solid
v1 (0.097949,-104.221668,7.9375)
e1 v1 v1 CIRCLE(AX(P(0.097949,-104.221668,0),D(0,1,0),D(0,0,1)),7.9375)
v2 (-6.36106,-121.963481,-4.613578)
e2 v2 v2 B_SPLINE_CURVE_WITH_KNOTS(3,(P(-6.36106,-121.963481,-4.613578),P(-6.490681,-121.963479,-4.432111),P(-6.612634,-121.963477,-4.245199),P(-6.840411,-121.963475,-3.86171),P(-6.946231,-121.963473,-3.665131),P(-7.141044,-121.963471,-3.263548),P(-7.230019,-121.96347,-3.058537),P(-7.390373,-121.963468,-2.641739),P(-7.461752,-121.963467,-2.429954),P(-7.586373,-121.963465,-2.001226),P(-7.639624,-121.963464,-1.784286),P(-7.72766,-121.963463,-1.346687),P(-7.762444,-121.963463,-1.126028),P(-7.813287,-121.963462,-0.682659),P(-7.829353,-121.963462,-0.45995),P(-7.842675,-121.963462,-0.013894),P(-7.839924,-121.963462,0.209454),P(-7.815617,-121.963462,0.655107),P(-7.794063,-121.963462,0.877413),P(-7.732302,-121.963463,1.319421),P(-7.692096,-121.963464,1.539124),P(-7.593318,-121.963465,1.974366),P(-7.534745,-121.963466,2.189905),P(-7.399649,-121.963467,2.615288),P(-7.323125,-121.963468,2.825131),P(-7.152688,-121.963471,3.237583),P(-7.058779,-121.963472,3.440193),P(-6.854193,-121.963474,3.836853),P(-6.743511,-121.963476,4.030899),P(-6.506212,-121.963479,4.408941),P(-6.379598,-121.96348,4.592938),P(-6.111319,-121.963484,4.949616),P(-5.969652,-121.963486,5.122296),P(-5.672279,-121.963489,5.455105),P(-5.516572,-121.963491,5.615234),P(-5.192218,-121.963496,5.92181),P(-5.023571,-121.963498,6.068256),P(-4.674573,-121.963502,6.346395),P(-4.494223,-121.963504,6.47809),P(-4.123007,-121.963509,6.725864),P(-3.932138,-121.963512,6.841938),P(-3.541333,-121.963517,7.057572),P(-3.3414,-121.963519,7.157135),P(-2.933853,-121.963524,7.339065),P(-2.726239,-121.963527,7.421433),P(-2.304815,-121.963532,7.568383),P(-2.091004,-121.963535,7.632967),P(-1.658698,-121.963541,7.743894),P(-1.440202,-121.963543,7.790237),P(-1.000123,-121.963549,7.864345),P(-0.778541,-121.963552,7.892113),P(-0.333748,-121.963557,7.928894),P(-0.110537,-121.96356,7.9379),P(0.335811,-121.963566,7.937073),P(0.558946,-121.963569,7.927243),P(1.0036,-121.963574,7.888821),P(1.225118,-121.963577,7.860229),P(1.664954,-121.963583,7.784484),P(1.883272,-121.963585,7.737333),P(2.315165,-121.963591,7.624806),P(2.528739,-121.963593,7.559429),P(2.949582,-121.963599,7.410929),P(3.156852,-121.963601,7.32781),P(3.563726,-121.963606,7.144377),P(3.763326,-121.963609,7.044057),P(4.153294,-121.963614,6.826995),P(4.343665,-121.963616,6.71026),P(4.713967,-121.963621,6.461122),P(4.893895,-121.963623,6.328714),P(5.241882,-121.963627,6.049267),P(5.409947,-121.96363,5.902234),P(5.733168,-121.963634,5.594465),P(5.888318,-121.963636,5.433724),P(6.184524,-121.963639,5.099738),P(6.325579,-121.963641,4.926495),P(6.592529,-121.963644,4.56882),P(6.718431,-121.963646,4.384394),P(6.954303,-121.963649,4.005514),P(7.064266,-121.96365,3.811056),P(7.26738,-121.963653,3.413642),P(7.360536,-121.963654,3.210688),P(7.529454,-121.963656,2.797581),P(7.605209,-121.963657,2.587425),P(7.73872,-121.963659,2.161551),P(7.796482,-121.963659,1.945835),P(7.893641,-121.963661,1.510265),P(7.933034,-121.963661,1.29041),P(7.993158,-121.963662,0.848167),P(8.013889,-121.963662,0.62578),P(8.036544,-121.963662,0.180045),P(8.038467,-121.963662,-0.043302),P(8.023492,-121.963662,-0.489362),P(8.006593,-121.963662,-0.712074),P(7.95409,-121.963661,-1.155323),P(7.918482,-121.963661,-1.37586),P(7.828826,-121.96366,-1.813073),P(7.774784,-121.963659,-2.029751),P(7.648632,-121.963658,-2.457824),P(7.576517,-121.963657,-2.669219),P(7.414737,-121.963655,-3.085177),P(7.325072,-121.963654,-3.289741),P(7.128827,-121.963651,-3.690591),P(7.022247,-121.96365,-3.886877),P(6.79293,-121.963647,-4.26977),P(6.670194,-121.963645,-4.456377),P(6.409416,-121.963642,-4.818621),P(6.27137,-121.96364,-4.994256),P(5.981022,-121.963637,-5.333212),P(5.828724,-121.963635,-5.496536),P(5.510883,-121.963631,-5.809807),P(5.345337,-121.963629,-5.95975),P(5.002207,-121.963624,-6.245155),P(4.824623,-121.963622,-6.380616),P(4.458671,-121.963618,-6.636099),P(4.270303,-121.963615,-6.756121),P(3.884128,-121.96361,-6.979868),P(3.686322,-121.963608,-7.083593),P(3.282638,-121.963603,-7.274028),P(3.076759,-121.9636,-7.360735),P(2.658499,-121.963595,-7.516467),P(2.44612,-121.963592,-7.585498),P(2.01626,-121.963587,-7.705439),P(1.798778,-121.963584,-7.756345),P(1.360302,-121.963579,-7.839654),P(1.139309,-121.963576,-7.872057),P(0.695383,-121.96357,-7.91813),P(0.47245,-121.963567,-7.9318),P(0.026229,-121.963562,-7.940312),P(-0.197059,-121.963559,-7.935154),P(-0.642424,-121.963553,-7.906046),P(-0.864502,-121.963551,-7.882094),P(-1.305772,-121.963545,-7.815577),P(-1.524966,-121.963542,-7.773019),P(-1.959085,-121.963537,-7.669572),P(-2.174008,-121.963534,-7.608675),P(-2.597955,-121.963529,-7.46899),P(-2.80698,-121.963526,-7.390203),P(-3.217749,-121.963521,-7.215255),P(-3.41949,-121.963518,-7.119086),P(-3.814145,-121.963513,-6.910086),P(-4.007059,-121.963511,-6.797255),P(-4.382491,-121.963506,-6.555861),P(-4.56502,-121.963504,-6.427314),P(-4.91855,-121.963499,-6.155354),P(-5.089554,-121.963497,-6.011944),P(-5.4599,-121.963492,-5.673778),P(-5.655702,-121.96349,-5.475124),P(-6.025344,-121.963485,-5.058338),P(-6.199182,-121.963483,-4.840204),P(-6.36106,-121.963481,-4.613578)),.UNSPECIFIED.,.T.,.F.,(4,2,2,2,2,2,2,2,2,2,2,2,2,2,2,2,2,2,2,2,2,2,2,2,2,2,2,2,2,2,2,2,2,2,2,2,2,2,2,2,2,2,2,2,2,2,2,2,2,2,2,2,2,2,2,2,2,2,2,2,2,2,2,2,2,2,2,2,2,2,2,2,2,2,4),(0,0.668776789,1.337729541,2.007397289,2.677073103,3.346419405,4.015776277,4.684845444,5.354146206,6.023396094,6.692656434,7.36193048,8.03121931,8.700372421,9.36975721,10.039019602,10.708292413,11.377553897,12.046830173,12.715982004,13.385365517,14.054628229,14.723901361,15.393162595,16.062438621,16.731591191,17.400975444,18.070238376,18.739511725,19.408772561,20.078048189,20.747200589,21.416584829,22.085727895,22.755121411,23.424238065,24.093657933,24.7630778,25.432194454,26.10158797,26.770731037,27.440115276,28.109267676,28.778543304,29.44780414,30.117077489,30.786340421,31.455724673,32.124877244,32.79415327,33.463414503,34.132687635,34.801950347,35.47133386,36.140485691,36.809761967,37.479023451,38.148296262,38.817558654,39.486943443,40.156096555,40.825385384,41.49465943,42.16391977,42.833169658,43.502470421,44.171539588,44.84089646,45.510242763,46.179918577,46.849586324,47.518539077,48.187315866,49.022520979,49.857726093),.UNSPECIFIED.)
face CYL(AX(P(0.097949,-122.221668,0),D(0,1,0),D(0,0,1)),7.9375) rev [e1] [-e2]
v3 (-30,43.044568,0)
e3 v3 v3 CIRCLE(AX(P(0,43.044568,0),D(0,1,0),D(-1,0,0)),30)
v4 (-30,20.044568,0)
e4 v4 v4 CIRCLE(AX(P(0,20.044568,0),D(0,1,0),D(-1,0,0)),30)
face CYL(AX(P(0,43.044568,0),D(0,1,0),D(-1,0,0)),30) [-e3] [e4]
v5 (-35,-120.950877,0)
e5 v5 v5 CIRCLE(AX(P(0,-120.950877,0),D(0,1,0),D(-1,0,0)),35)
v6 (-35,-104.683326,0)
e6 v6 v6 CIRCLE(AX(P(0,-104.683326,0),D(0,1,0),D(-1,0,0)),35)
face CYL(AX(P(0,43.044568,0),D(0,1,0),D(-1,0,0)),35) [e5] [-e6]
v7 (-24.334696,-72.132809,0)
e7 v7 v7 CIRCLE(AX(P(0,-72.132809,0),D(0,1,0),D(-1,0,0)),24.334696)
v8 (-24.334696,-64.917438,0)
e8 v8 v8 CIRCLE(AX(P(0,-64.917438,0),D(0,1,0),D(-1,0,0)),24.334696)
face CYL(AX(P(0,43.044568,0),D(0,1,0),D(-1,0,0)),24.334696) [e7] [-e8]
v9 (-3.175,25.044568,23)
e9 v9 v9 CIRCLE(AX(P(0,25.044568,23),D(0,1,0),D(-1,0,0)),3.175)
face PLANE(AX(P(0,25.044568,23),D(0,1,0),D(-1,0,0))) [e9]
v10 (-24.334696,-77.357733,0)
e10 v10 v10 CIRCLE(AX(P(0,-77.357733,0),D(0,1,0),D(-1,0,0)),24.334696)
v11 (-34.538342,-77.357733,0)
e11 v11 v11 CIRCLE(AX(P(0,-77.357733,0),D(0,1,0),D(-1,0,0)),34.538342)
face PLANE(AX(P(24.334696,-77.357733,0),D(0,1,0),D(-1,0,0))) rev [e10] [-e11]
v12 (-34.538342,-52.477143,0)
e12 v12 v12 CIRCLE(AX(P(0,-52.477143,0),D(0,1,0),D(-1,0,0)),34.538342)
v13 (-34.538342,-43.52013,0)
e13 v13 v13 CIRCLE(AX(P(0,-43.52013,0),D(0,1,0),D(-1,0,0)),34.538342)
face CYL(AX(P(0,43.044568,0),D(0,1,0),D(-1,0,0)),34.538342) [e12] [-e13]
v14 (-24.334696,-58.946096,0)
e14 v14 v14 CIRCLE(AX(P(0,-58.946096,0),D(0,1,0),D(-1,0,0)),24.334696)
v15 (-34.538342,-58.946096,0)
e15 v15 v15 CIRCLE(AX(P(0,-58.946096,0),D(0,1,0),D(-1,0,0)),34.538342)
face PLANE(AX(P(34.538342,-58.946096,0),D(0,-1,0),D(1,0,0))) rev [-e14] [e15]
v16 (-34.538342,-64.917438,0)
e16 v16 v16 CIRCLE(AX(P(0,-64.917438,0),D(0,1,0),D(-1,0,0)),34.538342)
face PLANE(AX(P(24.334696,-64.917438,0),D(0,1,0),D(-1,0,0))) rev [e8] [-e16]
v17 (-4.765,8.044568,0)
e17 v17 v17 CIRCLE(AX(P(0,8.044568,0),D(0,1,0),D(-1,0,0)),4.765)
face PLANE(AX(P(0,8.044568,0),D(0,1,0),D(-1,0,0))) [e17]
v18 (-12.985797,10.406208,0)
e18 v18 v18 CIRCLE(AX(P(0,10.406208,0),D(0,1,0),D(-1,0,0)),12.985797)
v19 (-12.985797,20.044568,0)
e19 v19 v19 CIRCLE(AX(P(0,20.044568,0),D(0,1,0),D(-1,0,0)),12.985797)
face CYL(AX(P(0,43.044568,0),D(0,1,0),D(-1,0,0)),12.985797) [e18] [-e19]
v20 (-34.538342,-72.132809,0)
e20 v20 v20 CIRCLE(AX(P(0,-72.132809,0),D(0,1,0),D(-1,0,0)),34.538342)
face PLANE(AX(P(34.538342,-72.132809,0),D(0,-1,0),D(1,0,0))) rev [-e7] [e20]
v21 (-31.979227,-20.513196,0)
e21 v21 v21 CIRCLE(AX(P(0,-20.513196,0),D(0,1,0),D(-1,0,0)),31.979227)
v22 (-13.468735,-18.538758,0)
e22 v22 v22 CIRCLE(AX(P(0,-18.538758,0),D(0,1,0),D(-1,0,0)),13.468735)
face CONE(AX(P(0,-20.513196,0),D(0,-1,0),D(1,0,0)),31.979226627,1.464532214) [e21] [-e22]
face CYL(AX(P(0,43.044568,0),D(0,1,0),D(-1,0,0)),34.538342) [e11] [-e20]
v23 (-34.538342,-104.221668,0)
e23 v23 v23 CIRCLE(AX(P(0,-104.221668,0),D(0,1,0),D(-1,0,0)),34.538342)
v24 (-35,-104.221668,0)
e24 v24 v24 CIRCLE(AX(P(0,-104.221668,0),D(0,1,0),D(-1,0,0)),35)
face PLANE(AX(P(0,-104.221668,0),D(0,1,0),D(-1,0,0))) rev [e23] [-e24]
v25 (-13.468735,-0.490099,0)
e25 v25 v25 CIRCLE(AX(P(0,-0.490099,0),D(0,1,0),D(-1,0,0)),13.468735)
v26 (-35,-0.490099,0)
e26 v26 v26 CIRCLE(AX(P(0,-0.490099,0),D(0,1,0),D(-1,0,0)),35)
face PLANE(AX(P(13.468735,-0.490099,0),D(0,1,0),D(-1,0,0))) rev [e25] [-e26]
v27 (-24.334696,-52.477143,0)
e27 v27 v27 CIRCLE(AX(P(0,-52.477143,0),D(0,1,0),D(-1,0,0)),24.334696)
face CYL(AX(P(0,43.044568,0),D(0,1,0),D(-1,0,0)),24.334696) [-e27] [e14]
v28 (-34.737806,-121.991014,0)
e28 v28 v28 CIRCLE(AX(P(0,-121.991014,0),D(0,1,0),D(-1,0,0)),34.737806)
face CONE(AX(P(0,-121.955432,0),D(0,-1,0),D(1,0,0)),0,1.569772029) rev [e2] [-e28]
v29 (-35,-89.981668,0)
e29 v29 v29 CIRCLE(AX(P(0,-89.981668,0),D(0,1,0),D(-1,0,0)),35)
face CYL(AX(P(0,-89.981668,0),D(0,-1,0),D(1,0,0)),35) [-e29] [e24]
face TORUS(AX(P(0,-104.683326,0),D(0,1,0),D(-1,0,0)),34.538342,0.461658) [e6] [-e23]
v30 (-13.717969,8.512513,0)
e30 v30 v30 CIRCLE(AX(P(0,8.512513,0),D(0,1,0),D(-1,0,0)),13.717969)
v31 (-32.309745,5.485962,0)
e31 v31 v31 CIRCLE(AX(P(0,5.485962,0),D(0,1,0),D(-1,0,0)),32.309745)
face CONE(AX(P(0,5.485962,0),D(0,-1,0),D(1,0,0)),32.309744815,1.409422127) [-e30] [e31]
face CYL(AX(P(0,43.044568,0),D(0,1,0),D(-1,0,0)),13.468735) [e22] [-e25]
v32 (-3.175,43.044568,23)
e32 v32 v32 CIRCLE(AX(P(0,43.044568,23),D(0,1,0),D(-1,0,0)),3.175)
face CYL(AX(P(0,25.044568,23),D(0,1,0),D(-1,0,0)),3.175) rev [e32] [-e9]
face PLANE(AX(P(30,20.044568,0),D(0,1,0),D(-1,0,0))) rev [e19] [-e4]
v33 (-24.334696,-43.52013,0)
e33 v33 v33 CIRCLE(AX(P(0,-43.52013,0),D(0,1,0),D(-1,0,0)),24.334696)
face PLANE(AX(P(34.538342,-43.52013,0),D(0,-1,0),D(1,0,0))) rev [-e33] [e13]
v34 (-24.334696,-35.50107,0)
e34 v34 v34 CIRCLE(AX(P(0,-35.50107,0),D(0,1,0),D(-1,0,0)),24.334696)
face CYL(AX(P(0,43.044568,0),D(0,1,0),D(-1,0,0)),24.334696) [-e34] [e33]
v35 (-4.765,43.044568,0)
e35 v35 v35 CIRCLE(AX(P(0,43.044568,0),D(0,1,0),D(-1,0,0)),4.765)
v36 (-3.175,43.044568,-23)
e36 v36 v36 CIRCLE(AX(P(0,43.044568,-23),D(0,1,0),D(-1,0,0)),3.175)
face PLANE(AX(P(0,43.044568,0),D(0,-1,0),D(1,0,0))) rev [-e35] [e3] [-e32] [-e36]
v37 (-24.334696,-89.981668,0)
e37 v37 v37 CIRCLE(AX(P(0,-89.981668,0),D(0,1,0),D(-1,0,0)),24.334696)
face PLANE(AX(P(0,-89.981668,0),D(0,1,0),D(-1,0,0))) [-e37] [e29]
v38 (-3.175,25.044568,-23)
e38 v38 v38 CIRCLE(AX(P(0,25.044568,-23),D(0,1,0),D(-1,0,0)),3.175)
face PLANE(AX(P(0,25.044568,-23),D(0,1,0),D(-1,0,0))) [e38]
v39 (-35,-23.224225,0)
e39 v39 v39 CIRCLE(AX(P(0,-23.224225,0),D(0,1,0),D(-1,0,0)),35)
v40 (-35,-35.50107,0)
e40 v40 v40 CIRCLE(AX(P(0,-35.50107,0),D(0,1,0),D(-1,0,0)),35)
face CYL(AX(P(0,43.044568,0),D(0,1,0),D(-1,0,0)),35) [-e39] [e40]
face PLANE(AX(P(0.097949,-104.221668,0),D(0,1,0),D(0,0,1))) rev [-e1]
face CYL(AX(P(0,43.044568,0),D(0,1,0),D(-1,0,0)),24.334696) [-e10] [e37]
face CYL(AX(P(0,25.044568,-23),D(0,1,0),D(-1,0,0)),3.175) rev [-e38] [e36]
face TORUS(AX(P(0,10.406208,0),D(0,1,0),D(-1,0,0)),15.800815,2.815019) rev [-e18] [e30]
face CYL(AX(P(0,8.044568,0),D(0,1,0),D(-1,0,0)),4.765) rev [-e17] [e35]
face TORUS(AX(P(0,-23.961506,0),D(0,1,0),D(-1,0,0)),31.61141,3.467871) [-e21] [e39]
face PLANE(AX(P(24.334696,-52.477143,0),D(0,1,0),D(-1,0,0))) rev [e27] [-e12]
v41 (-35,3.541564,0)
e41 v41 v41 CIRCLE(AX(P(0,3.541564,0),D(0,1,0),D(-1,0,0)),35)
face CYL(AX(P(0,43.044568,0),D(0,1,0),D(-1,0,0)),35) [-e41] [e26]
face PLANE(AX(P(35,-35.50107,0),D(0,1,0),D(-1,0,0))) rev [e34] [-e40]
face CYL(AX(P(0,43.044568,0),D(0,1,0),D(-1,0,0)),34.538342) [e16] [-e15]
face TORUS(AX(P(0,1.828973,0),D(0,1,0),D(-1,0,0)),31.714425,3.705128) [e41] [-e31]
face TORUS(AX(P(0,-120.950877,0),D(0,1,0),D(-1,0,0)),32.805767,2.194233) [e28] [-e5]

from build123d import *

# Parameters (mm, degrees)
CROQUIS5_R              = 7.9375
CORTAR_EXTRUIR3_DEPTH   = 18
CROQUIS9_R              = 3.175
CORTAR_EXTRUIR5_DEPTH   = 18
CROQUIS10_R             = 4.765
CORTAR_EXTRUIR6_DEPTH   = 35
CROQUIS11_R             = 35
SALIENTE_EXTRUIR1_DEPTH = 14.24


with BuildPart() as part:
    # Croquis1 → Revolución3 (revolve)
    with BuildSketch(Plane.XY, mode=Mode.PRIVATE) as revoluci_n3_sk:
        with BuildLine():
            Line((0, 43.044568245), (30, 43.044568245))
            Line((30, 43.044568245), (30, 20.044568245))
            Line((30, 20.044568245), (12.985796912, 20.044568245))
            Line((12.985796912, 20.044568245), (12.985796912, 10.406207601))
            ThreePointArc((12.985796912, 10.406207601), (13.175212613, 9.391052882), (13.717969076, 8.512512712))
            Line((13.717969076, 8.512512712), (32.309744815, 5.485961945))
            ThreePointArc((32.309744815, 5.485961945), (33.884795273, 4.831882369), (35, 3.541563627))
            Line((35, 3.541563627), (35, -0.490098714))
            Line((35, -0.490098714), (13.468735488, -0.490098714))
            Line((13.468735488, -0.490098714), (13.468735488, -18.538757946))
            Line((13.468735488, -18.538757946), (31.979226627, -20.513196287))
            ThreePointArc((31.979226627, -20.513196287), (33.927671218, -21.380602851), (35, -23.224224681))
            Line((35, -23.224224681), (35, -35.501069654))
            Line((35, -35.501069654), (24.334695592, -35.501069654))
            Line((24.334695592, -35.501069654), (24.334695592, -43.520130292))
            Line((24.334695592, -43.520130292), (34.538342083, -43.520130292))
            Line((34.538342083, -43.520130292), (34.538342083, -52.477142798))
            Line((34.538342083, -52.477142798), (24.334695592, -52.477142798))
            Line((24.334695592, -52.477142798), (24.334695592, -58.946096275))
            Line((24.334695592, -58.946096275), (34.538342083, -58.946096275))
            Line((34.538342083, -58.946096275), (34.538342083, -64.917437946))
            Line((34.538342083, -64.917437946), (24.334695592, -64.917437946))
            Line((24.334695592, -64.917437946), (24.334695592, -72.132809132))
            Line((24.334695592, -72.132809132), (34.538342083, -72.132809132))
            Line((34.538342083, -72.132809132), (34.538342083, -77.357733094))
            Line((34.538342083, -77.357733094), (24.334695592, -77.357733094))
            Line((24.334695592, -77.357733094), (24.334695592, -104.221668074))
            Line((24.334695592, -104.221668074), (34.538342083, -104.221668074))
            ThreePointArc((34.538342083, -104.221668074), (34.864783527, -104.356884547), (35, -104.683325991))
            Line((35, -104.683325991), (35, -120.950877143))
            ThreePointArc((35, -120.950877143), (34.933442046, -121.487214162), (34.737806004, -121.991013624))
            Line((34.737806004, -121.991013624), (0, -121.955431755))
            Line((0, -121.955431755), (0, 43.044568245))
        make_face()
    revolve(revoluci_n3_sk.sketch.rotate(Axis((0, 43.044568245, 0), (0, -1, 0)), 180), axis=Axis((0, 43.044568245, 0), (0, -1, 0)))

    # Croquis5 → Cortar-Extruir3 (cut)
    with BuildSketch(Plane(origin=(0, -104.221668074, 0), x_dir=(1, 0, 0), z_dir=(0, 1, 0))):
        with Locations(Location((0.097949209, 0, 0), (0, 0, 270))):
            Circle(CROQUIS5_R)
    extrude(amount=-CORTAR_EXTRUIR3_DEPTH, mode=Mode.SUBTRACT)

    # Croquis9 → Cortar-Extruir5 (cut)
    with BuildSketch(Plane(origin=(0, 43.044568245, 0), x_dir=(1, 0, 0), z_dir=(0, 1, 0))):
        with Locations(Location((0, 23, 0), (0, 0, 180))):
            Circle(CROQUIS9_R)
        with Locations(Location((0, -23, 0), (0, 0, 180))):
            Circle(CROQUIS9_R)
    extrude(amount=-CORTAR_EXTRUIR5_DEPTH, mode=Mode.SUBTRACT)

    # Croquis10 → Cortar-Extruir6 (cut)
    with BuildSketch(Plane(origin=(0, 43.044568245, 0), x_dir=(1, 0, 0), z_dir=(0, 1, 0))):
        with Locations(Location((0, 0, 0), (0, 0, 180))):
            Circle(CROQUIS10_R)
    extrude(amount=-CORTAR_EXTRUIR6_DEPTH, mode=Mode.SUBTRACT)

    # Croquis11 → Saliente-Extruir1 (add)
    with BuildSketch(Plane(origin=(0, -104.221668074, 0), x_dir=(1, 0, 0), z_dir=(0, 1, 0))):
        with Locations(Location((0, 0, 0), (0, 0, 180))):
            Circle(CROQUIS11_R)
    extrude(amount=SALIENTE_EXTRUIR1_DEPTH)


solid = part.part
